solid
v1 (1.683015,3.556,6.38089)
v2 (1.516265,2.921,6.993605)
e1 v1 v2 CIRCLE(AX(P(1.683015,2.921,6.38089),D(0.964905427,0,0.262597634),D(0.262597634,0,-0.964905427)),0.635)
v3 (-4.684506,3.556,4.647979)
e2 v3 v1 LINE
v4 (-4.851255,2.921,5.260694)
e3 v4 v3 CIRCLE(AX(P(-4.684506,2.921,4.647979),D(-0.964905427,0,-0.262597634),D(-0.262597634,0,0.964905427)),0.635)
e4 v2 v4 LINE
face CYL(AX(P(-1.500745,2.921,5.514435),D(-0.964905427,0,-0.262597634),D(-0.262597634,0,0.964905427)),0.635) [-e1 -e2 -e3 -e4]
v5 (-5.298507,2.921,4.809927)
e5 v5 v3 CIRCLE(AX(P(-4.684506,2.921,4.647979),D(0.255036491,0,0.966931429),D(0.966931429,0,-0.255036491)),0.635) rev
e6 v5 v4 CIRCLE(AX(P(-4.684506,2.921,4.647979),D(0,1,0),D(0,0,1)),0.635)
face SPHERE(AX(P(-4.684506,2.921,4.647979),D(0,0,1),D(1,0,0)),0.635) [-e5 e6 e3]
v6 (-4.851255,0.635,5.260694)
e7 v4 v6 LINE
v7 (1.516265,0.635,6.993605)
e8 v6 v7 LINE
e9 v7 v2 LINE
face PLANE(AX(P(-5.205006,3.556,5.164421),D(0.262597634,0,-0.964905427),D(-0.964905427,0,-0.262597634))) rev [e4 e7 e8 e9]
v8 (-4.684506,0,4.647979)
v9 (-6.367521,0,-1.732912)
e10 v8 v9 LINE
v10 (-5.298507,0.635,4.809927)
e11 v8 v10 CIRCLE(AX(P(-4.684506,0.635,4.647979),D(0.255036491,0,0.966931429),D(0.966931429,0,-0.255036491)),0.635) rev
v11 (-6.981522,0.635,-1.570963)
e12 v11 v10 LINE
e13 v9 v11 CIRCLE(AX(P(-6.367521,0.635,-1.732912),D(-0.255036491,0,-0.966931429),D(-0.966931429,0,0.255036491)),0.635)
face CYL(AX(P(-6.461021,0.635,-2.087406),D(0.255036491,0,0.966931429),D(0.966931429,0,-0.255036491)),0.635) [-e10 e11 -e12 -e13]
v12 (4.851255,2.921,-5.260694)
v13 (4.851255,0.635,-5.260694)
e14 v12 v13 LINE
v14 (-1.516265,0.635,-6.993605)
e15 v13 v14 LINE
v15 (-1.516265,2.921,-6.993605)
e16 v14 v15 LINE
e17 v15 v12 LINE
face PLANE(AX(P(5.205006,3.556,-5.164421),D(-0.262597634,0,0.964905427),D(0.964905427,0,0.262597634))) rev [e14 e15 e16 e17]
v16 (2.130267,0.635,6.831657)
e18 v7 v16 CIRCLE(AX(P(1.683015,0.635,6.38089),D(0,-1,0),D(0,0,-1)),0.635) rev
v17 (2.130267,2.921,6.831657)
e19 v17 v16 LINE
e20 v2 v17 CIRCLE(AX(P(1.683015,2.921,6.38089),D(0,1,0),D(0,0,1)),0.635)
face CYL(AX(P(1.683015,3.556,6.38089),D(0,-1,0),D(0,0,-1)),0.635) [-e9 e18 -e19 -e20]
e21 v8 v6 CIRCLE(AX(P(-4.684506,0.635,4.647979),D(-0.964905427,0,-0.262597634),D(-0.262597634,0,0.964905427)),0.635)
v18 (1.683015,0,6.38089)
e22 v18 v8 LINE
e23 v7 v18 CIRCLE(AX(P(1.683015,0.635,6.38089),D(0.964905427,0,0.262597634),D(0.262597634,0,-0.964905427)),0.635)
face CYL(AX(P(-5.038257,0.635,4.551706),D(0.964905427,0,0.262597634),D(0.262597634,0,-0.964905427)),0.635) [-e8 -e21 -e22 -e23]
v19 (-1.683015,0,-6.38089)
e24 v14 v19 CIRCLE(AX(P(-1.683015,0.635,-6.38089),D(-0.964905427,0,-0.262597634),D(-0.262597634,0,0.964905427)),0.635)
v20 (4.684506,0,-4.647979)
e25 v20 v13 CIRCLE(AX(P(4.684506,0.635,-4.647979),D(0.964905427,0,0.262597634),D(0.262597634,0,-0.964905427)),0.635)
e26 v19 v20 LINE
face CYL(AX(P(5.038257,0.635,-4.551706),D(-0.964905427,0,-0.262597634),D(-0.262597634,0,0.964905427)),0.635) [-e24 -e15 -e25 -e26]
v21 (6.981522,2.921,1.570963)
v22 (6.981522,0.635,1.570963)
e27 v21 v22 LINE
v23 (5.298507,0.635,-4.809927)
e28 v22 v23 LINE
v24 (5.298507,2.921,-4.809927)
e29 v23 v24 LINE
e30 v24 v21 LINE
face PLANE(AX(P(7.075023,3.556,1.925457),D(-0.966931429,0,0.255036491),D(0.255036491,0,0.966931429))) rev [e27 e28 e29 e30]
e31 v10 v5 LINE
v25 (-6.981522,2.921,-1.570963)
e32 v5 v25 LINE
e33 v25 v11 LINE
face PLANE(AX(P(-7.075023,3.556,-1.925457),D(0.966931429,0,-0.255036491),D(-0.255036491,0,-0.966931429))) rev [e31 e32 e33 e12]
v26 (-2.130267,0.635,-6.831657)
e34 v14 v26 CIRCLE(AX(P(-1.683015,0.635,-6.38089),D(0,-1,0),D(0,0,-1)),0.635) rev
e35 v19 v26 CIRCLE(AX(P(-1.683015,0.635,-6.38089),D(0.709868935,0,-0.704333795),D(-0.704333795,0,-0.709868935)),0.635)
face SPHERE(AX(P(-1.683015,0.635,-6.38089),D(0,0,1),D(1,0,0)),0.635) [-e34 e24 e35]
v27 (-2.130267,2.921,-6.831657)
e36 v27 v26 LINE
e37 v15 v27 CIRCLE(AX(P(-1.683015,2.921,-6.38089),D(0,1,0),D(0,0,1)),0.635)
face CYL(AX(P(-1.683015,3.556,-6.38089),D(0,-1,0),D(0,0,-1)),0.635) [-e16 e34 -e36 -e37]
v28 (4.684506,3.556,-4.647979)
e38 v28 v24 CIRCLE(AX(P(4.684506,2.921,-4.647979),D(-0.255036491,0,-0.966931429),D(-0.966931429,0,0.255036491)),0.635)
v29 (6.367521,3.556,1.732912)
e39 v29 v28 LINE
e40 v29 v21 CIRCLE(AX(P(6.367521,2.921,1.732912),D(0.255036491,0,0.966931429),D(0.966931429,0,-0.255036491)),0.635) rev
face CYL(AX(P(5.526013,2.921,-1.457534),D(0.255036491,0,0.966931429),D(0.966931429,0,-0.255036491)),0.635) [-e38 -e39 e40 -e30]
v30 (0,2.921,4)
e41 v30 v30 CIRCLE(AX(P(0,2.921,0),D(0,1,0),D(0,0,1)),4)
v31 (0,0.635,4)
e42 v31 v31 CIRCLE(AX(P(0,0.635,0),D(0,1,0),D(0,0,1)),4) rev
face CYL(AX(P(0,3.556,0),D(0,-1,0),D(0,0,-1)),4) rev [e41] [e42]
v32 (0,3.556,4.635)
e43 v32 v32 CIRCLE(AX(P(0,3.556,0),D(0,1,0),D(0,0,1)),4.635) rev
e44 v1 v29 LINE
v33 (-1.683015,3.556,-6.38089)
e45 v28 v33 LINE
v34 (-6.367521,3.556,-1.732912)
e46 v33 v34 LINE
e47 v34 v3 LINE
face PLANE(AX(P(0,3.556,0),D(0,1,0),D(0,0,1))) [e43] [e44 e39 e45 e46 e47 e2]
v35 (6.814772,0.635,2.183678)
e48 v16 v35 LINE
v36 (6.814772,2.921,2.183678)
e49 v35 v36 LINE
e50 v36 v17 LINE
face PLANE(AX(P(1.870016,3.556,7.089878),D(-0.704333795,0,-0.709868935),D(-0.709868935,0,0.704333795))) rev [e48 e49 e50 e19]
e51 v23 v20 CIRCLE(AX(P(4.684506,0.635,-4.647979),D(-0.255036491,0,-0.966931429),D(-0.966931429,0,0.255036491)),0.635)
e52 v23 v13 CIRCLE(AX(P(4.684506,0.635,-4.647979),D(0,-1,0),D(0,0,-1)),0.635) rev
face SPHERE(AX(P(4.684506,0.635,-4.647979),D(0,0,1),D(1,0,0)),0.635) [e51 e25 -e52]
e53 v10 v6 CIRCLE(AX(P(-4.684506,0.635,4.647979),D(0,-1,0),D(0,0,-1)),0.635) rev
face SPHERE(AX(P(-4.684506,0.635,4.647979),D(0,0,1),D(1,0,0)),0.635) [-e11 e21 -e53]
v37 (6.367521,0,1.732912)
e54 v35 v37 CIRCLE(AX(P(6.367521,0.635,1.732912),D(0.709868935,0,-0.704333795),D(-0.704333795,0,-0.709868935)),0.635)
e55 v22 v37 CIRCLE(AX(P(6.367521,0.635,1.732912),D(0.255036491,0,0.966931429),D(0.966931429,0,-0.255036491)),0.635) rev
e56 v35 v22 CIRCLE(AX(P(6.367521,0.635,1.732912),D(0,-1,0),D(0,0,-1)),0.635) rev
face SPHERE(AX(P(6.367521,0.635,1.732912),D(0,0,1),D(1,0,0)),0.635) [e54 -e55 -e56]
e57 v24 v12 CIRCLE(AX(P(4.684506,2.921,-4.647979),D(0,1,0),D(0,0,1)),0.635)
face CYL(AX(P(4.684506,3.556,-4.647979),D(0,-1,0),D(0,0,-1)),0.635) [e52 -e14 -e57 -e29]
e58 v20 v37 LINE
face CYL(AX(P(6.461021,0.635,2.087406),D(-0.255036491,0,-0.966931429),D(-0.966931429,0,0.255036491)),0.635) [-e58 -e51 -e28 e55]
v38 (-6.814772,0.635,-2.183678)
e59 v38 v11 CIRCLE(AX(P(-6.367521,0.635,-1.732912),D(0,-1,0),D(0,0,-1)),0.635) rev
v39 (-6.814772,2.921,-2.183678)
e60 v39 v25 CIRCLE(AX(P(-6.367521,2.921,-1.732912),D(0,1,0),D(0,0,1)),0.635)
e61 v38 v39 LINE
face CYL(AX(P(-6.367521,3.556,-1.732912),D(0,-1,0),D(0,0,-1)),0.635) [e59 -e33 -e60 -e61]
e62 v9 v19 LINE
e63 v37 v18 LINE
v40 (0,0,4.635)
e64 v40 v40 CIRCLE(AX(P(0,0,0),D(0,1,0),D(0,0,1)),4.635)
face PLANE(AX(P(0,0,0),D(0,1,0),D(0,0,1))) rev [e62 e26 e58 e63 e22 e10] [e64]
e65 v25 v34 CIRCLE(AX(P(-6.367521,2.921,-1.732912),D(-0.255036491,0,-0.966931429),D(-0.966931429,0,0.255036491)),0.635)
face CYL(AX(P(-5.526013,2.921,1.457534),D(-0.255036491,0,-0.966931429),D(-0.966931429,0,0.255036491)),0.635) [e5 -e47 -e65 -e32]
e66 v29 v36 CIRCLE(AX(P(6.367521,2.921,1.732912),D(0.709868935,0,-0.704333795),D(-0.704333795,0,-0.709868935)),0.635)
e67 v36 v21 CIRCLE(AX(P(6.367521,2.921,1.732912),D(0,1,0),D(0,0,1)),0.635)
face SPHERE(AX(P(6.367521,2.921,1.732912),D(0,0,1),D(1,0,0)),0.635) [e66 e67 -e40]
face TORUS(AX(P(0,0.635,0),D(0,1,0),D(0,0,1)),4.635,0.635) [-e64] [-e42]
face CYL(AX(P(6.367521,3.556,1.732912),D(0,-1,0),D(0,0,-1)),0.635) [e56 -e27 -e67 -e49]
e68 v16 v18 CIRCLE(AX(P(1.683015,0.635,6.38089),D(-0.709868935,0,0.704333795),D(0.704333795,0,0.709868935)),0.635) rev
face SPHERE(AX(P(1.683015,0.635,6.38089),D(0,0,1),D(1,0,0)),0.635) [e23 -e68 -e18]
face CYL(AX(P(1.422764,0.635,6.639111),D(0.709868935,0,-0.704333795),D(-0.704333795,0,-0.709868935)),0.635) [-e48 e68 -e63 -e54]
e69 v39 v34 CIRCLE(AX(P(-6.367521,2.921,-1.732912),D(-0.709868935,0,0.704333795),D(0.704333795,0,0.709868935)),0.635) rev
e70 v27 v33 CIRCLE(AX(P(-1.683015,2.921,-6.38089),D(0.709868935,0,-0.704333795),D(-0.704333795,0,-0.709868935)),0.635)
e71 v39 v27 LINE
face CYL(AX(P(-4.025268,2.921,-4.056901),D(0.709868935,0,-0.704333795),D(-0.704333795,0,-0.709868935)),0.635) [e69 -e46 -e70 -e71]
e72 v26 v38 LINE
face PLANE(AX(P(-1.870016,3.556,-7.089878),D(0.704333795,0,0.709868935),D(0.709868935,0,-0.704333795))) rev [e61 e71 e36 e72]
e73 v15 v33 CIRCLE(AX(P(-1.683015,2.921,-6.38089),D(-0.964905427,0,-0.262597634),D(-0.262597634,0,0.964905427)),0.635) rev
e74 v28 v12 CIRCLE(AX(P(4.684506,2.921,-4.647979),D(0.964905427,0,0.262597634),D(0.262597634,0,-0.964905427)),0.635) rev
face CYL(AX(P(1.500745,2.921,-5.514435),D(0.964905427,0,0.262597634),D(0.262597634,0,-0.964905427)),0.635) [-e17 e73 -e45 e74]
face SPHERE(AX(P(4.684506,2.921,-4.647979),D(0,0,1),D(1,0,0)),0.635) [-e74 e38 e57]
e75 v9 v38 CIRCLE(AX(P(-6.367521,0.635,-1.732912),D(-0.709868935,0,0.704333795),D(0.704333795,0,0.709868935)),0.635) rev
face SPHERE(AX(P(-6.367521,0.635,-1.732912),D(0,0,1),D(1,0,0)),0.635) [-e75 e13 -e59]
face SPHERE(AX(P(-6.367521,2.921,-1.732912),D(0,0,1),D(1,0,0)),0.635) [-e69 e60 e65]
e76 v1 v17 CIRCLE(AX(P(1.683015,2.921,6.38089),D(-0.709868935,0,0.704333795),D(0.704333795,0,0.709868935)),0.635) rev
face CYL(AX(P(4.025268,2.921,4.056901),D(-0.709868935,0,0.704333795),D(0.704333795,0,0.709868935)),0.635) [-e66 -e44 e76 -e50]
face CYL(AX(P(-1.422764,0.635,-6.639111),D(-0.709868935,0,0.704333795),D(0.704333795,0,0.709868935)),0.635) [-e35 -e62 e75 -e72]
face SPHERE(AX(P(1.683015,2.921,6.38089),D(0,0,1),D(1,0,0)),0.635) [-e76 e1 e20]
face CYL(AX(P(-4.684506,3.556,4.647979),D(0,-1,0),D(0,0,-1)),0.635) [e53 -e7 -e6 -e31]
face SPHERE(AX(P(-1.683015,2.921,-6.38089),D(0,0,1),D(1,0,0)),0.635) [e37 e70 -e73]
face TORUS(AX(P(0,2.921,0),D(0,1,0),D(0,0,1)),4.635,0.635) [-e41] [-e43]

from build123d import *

# Parameters (mm, degrees)
SKETCH1_R           = 4
BOSS_EXTRUDE1_DEPTH = 3.556
FILLET1_R           = 0.635
FILLET2_R           = 0.635


with BuildPart() as part:
    # Sketch1 → Boss-Extrude1 (new body)
    with BuildSketch(Plane(origin=(0, 0, 0), x_dir=(1, 0, 0), z_dir=(0, 1, 0))):
        Polygon((5.205006366, 5.164420787), (-1.870016414, 7.089878133), (-7.07502278, 1.925457346), (-5.205006366, -5.164420787), (1.870016414, -7.089878133), (7.07502278, -1.925457346), align=None)
        with Locations(Location((0, 0, 0), (0, 0, 270))):
            Circle(SKETCH1_R, mode=Mode.SUBTRACT)
    extrude(amount=BOSS_EXTRUDE1_DEPTH)

    # Fillet1
    fillet1_edges = [part.edges().sort_by_distance(p)[0] for p in [
        (0, 0, -4),
        (0, 3.556, -4),
    ]]
    fillet(fillet1_edges, radius=FILLET1_R)

    # Fillet2
    fillet2_edges = [part.edges().sort_by_distance(p)[0] for p in [
        (-4.472519597, 3.556, -4.50766774),
        (7.07502278, 1.778, 1.925457346),
        (1.870016414, 1.778, 7.089878133),
        (-5.205006366, 1.778, 5.164420787),
        (-7.07502278, 1.778, -1.925457346),
        (-1.870016414, 1.778, -7.089878133),
        (5.205006366, 1.778, -5.164420787),
        (-6.140014573, 3.556, 1.61948172),
        (-1.667494976, 3.556, 6.12714946),
        (4.472519597, 3.556, 4.50766774),
        (6.140014573, 3.556, -1.61948172),
        (4.472519597, 0, 4.50766774),
        (-1.667494976, 0, 6.12714946),
        (-6.140014573, 0, 1.61948172),
        (1.667494976, 3.556, -6.12714946),
        (-4.472519597, 0, -4.50766774),
        (1.667494976, 0, -6.12714946),
        (6.140014573, 0, -1.61948172),
    ]]
    fillet(fillet2_edges, radius=FILLET2_R)


solid = part.part
